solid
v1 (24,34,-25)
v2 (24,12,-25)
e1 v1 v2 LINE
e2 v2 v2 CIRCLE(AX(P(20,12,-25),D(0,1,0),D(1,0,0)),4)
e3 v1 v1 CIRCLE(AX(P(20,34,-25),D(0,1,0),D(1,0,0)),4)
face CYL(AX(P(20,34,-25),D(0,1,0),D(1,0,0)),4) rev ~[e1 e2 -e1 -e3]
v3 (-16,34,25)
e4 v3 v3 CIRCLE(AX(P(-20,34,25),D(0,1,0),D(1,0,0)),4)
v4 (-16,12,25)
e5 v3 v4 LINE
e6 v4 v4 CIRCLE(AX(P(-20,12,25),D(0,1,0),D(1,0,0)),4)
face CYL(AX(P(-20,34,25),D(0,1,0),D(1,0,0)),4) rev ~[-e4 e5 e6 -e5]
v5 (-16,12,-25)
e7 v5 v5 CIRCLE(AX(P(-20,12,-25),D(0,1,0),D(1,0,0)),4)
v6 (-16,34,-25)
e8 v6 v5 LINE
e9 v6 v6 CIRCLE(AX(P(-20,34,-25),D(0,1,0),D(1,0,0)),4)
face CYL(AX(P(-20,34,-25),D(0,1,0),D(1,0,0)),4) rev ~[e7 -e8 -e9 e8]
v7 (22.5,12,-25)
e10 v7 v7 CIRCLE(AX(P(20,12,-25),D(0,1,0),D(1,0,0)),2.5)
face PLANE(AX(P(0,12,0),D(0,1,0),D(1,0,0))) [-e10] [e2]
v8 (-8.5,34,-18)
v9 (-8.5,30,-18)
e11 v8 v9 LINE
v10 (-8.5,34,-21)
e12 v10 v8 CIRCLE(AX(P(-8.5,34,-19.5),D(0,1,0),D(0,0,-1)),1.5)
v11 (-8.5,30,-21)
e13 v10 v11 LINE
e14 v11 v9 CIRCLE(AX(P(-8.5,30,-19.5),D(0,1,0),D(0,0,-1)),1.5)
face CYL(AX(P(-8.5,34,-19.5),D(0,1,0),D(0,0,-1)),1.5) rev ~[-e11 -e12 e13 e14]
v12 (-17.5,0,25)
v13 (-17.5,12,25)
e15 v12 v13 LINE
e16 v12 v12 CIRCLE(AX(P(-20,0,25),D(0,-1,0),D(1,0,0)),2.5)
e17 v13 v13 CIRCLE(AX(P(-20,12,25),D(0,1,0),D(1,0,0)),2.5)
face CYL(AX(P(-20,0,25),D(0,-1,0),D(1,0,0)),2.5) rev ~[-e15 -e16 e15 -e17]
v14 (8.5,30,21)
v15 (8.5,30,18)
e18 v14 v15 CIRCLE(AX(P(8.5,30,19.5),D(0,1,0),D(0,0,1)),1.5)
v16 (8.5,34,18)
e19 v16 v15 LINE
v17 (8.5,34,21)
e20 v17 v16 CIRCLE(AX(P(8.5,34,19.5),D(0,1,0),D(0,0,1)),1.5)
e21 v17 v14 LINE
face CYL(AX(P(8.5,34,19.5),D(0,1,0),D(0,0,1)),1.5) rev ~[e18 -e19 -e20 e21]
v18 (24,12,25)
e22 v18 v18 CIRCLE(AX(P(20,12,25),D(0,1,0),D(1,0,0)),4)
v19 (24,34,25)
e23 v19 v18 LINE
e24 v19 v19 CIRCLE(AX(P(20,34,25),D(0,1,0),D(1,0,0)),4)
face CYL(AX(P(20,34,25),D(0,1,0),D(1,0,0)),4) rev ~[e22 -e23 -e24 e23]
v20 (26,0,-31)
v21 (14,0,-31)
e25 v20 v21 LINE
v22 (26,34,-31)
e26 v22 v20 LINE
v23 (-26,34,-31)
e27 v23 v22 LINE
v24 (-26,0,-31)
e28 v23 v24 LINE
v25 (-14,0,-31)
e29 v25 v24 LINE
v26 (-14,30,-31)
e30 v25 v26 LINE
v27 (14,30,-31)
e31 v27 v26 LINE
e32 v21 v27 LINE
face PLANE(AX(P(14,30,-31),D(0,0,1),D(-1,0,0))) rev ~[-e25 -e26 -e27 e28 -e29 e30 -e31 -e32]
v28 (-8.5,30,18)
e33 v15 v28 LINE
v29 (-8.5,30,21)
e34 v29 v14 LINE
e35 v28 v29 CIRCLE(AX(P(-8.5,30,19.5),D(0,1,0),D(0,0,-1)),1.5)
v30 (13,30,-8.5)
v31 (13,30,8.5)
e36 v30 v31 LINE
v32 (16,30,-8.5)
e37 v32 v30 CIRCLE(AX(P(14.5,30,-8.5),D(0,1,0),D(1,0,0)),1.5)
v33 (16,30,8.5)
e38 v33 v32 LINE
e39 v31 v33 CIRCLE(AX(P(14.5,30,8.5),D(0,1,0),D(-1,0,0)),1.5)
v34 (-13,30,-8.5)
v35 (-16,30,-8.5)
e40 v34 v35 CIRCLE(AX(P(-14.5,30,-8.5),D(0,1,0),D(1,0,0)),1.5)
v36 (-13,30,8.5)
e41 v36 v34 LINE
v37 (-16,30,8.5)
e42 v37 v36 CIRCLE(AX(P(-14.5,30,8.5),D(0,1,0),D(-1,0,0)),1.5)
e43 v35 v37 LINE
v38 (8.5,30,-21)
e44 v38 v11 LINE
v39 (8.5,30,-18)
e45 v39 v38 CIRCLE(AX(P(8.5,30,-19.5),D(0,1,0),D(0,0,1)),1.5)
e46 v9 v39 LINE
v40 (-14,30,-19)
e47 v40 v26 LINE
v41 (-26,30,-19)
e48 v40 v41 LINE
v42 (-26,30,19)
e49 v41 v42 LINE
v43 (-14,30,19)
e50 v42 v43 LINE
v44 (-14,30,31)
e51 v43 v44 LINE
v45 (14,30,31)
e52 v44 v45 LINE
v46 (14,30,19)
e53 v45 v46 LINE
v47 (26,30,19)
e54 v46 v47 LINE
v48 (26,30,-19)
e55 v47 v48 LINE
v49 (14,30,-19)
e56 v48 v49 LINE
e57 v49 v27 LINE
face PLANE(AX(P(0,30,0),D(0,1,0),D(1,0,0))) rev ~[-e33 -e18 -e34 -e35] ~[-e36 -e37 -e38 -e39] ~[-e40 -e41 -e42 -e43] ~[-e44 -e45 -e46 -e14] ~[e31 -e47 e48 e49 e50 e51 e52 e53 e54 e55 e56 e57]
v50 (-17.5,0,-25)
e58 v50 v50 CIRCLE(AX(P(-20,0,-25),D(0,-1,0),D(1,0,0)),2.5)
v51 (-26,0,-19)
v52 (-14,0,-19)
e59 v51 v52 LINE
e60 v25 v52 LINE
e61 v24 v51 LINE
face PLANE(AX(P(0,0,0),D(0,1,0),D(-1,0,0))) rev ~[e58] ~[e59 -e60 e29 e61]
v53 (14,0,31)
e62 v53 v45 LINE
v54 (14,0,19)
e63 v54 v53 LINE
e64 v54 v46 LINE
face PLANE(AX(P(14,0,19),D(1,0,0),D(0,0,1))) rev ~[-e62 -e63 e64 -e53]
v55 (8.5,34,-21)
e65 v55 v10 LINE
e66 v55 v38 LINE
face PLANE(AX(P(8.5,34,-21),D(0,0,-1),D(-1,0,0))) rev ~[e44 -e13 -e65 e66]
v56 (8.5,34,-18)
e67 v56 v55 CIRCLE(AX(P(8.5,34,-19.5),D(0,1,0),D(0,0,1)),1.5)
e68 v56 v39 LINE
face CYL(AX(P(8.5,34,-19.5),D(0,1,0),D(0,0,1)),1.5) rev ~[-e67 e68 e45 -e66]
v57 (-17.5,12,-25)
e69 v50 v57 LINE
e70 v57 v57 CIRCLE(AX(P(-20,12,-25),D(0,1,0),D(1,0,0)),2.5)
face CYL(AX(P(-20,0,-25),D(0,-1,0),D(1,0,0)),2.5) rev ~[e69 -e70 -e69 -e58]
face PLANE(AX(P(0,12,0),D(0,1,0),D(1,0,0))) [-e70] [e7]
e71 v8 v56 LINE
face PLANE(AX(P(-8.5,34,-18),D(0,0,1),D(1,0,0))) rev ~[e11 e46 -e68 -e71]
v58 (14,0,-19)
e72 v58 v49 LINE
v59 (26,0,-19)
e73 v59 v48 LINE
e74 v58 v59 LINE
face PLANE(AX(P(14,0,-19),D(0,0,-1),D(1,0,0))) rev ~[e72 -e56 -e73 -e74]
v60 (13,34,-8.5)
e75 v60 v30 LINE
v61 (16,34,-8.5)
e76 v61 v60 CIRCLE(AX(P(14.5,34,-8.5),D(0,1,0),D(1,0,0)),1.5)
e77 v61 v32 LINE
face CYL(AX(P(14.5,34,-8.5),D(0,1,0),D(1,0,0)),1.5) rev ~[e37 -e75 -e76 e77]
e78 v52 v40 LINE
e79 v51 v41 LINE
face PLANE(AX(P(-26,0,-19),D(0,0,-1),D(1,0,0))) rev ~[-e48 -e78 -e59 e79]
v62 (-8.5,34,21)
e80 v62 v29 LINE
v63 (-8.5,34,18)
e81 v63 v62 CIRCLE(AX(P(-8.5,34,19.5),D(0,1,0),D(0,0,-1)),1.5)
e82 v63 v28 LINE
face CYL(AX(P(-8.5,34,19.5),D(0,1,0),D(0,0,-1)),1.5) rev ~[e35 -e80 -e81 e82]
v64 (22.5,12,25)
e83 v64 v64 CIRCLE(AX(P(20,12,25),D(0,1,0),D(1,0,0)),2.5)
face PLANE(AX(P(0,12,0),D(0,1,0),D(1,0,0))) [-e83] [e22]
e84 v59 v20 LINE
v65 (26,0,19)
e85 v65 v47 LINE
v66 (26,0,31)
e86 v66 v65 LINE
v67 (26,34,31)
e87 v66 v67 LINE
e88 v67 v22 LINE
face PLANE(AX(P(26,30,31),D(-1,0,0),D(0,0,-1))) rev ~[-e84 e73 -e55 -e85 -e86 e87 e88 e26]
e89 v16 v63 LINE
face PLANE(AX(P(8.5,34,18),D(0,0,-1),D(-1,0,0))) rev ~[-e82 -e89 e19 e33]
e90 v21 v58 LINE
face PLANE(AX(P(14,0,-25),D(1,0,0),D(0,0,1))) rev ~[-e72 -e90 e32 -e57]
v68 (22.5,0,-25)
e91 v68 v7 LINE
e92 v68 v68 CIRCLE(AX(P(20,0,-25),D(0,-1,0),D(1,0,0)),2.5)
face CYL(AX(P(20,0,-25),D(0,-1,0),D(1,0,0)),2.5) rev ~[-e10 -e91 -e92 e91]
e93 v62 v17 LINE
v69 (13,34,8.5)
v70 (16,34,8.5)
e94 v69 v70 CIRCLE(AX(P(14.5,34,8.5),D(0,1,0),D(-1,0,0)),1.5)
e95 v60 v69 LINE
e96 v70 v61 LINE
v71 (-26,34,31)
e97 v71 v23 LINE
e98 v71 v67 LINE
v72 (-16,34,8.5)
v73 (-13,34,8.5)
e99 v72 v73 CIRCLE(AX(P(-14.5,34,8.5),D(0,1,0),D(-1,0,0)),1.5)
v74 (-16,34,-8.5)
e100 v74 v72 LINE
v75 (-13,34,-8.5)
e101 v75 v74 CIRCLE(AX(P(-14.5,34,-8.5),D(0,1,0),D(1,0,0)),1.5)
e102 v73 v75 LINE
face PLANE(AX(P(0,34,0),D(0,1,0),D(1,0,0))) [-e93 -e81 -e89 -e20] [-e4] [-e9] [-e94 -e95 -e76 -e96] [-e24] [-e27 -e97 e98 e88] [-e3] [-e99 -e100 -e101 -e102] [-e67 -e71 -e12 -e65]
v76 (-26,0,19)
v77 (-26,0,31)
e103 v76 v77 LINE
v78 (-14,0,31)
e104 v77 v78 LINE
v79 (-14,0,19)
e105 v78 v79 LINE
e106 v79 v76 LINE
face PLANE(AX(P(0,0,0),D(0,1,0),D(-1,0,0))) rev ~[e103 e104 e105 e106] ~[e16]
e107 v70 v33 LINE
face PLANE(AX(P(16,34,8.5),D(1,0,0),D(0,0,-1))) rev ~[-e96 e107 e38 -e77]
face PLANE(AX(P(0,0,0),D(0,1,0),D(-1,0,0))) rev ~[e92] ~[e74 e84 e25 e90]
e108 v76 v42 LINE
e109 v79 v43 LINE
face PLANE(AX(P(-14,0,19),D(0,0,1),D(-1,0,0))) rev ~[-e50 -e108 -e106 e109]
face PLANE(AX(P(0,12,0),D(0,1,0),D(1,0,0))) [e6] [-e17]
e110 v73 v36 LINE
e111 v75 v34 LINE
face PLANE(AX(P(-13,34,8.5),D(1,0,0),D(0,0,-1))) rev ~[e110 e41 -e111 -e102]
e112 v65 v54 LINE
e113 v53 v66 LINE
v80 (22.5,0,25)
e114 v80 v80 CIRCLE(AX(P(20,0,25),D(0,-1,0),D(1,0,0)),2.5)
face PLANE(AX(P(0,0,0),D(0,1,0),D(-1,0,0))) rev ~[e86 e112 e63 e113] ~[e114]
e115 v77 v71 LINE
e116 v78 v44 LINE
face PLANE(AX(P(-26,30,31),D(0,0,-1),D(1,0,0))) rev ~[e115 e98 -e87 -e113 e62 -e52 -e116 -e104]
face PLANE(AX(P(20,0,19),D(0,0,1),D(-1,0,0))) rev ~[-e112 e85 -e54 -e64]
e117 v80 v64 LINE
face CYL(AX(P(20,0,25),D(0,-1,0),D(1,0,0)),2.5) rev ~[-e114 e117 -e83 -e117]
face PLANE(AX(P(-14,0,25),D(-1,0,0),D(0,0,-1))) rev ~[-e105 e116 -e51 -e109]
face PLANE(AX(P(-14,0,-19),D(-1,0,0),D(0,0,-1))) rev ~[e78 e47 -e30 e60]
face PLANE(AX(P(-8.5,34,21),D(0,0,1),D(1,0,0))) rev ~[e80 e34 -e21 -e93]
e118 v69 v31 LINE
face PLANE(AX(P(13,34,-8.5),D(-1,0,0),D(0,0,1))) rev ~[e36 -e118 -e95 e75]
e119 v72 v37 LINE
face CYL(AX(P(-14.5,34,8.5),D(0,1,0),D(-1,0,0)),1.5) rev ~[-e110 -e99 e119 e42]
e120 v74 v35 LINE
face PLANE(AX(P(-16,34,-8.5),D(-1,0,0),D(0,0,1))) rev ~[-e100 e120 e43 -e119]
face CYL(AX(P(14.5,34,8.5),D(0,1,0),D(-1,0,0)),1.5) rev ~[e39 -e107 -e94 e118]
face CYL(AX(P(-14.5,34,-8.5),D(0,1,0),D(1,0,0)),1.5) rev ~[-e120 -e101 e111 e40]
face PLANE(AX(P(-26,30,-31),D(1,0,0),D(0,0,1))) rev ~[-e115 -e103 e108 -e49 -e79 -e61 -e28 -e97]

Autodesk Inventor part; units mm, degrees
ref_plane "YZ Plane" through (0, 0, 0) normal (1, 0, 0) x (0, 1, 0)
ref_plane "XZ Plane" through (0, 0, 0) normal (0, 1, 0) x (-1, 0, 0)
ref_plane "XY Plane" through (0, 0, 0) normal (0, 0, 1) x (1, 0, 0)
sketch "Szkic1" plane through (0, 0, 0) normal (0, 1, 0) x (-1, 0, 0)
  line L0 (20, 25) -> (-20, 25)
  line L1 (-20, 25) -> (-20, -25)
  line L2 (-20, -25) -> (20, -25)
  line L3 (20, -25) -> (20, 25)
  line L4 (20, 25) -> (-20, -25) construction
  line L5 (-20, 25) -> (20, -25) construction
  line L6 (26, 31) -> (14, 31)
  line L7 (14, 31) -> (14, 19)
  line L8 (14, 19) -> (26, 19)
  line L9 (26, 19) -> (26, 31)
  line L10 (26, 31) -> (14, 19) construction
  line L11 (14, 31) -> (26, 19) construction
  line L12 (26, -19) -> (14, -19)
  line L13 (14, -19) -> (14, -31)
  line L14 (14, -31) -> (26, -31)
  line L15 (26, -31) -> (26, -19)
  line L16 (26, -19) -> (14, -31) construction
  line L17 (14, -19) -> (26, -31) construction
  line L18 (-14, 31) -> (-26, 31)
  line L19 (-26, 31) -> (-26, 19)
  line L20 (-26, 19) -> (-14, 19)
  line L21 (-14, 19) -> (-14, 31)
  line L22 (-14, 31) -> (-26, 19) construction
  line L23 (-26, 31) -> (-14, 19) construction
  line L24 (-14, -19) -> (-26, -19)
  line L25 (-26, -19) -> (-26, -31)
  line L26 (-26, -31) -> (-14, -31)
  line L27 (-14, -31) -> (-14, -19)
  line L28 (-14, -19) -> (-26, -31) construction
  line L29 (-26, -19) -> (-14, -31) construction
  point P0 (0, 0)
  point P1 (20, 19)
  point P2 (-14, -25)
  point P3 (-26, -25)
  point P4 (-20, -19)
  point P5 (-20, -31)
  dimension "d0" = 50
  dimension "d1" = 40
  dimension "d2" = 12
  dimension "d3" = 12
  dimension "d4" = 12
  dimension "d5" = 12
  dimension "d6" = 12
  dimension "d7" = 12
  dimension "d8" = 12
  dimension "d9" = 12
extrude "Wyciągnięcie proste1" add sketch "Szkic1" along normal blind 30 contours L3 L8 L7 L0 | L0 L7 L6 L9 L8 L3 | L21 L20 L1 L0 | L0 L1 L20 L19 L18 L21 | L12 L15 L14 L13 L2 L3 | L3 L2 L13 L12 | L24 L27 L2 L1 | L1 L2 L27 L26 L25 L24
sketch "Szkic2" plane through (0, 30, 0) normal (0, 1, 0) x (1, 0, 0)
  line L0 (-26, -19) -> (-26, -31) projected
  line L1 (26, 31) -> (14, 31) projected
  line L2 (-26, -31) -> (26, -31)
  line L3 (26, -31) -> (26, 31)
  line L4 (26, 31) -> (-26, 31)
  line L5 (-26, 31) -> (-26, -31)
  point P0 (0, 0)
extrude "Wyciągnięcie proste2" add sketch "Szkic2" along normal blind 4
sketch "Szkic3" plane through (0, 0, 0) normal (0, -1, 0) x (1, 0, 0)
  circle A0 centre (-20, 25) radius 2.5
  circle A1 centre (20, 25) radius 2.5
  circle A2 centre (-20, -25) radius 2.5
  circle A3 centre (20, -25) radius 2.5
  line L0 (-14, 19) -> (-26, 19) projected
  line L1 (26, 19) -> (14, 19) projected
  line L2 (-26, -19) -> (-14, -19) projected
  line L3 (14, -19) -> (26, -19) projected
  line L4 (14, -31) -> (14, -19) projected
  line L5 (-26, -31) -> (-26, -19) projected
  line L6 (-26, 19) -> (-26, 31) projected
  line L7 (14, 19) -> (14, 31) projected
  point P0 (0, 0)
  point P1 (-20, 19)
  point P2 (-20, -19)
  point P3 (-26, -25)
  dimension "d14" = 5
  dimension "d15" = 6
  dimension "d16" = 6
  dimension "d17" = 6
  dimension "d18" = 6
  dimension "d19" = 6
  dimension "d20" = 6
  dimension "d21" = 6
  dimension "d22" = 6
  dimension "d23" = 5
  dimension "d24" = 5
  dimension "d25" = 5
extrude "Wyciągnięcie proste3" cut sketch "Szkic3" against normal blind 34
sketch "Szkic4" plane through (0, 34, 0) normal (0, 1, 0) x (1, 0, 0)
  circle A0 centre (20, 25) radius 2.5 projected
  circle A1 centre (20, 25) radius 4
  circle A2 centre (20, -25) radius 2.5 projected
  circle A3 centre (20, -25) radius 4
  circle A4 centre (-20, -25) radius 2.5 projected
  circle A5 centre (-20, -25) radius 4
  circle A6 centre (-20, 25) radius 2.5 projected
  circle A7 centre (-20, 25) radius 4
  point P0 (0, 0)
  dimension "d28" = 8
  dimension "d29" = 8
  dimension "d30" = 8
  dimension "d31" = 8
extrude "Wyciągnięcie proste4" cut sketch "Szkic4" against normal blind 22
sketch "Szkic5" plane through (0, 34, 0) normal (0, 1, 0) x (1, 0, 0)
  line L0 (14.5, 8.5) -> (14.5, -8.5) construction
  line L1 (13, 8.5) -> (13, -8.5)
  line L2 (16, -8.5) -> (16, 8.5)
  arc A0 (16, 8.5) -> (13, 8.5) centre (14.5, 8.5) ccw
  arc A1 (13, -8.5) -> (16, -8.5) centre (14.5, -8.5) ccw
  line L3 (8.5, 19.5) -> (-8.5, 19.5) construction
  line L4 (8.5, 21) -> (-8.5, 21)
  line L5 (-8.5, 18) -> (8.5, 18)
  arc A2 (8.5, 18) -> (8.5, 21) centre (8.5, 19.5) ccw
  arc A3 (-8.5, 21) -> (-8.5, 18) centre (-8.5, 19.5) ccw
  line L6 (-14.5, 8.5) -> (-14.5, -8.5) construction
  line L7 (-16, 8.5) -> (-16, -8.5)
  line L8 (-13, -8.5) -> (-13, 8.5)
  arc A4 (-13, 8.5) -> (-16, 8.5) centre (-14.5, 8.5) ccw
  arc A5 (-16, -8.5) -> (-13, -8.5) centre (-14.5, -8.5) ccw
  line L9 (-8.5, -19.5) -> (8.5, -19.5) construction
  line L10 (-8.5, -21) -> (8.5, -21)
  line L11 (8.5, -18) -> (-8.5, -18)
  arc A6 (-8.5, -18) -> (-8.5, -21) centre (-8.5, -19.5) ccw
  arc A7 (8.5, -21) -> (8.5, -18) centre (8.5, -19.5) ccw
  line L12 (26, 31) -> (-26, 31) projected
  line L13 (26, -31) -> (26, 31) projected
  line L14 (-26, -31) -> (26, -31) projected
  line L15 (-26, 31) -> (-26, -31) projected
  point P0 (0, 0)
  point P1 (14.5, 0)
  point P2 (0, 19.5)
  point P3 (-14.5, 0)
  point P4 (0, -19.5)
  point P5 (-16, 0)
  point P6 (-26, 0)
  point P7 (10, 19.5)
  point P8 (-10, 19.5)
  point P9 (10, -19.5)
  point P10 (-10, -19.5)
  point P11 (14.5, -10)
  point P12 (14.5, 10)
  point P13 (-14.5, -10)
  point P14 (-14.5, 10)
  dimension "d34" = 10
  dimension "d35" = 10
  dimension "d36" = 10
  dimension "d37" = 3
  dimension "d38" = 10
  dimension "d39" = 20
  dimension "d40" = 20
  dimension "d41" = 20
  dimension "d42" = 20
  dimension "d43" = 3
  dimension "d44" = 3
  dimension "d45" = 3
  dimension "d46" = 31
  dimension "d47" = 31
  dimension "d48" = 26
  dimension "d49" = 26
extrude "Wyciągnięcie proste5" cut sketch "Szkic5" against normal blind 22 contours A0 L2 A1 L1 | A2 L5 A3 L4 | A4 L8 A5 L7 | A6 L11 A7 L10
properties part number "wires_keeper_Drukowanie 3D"
